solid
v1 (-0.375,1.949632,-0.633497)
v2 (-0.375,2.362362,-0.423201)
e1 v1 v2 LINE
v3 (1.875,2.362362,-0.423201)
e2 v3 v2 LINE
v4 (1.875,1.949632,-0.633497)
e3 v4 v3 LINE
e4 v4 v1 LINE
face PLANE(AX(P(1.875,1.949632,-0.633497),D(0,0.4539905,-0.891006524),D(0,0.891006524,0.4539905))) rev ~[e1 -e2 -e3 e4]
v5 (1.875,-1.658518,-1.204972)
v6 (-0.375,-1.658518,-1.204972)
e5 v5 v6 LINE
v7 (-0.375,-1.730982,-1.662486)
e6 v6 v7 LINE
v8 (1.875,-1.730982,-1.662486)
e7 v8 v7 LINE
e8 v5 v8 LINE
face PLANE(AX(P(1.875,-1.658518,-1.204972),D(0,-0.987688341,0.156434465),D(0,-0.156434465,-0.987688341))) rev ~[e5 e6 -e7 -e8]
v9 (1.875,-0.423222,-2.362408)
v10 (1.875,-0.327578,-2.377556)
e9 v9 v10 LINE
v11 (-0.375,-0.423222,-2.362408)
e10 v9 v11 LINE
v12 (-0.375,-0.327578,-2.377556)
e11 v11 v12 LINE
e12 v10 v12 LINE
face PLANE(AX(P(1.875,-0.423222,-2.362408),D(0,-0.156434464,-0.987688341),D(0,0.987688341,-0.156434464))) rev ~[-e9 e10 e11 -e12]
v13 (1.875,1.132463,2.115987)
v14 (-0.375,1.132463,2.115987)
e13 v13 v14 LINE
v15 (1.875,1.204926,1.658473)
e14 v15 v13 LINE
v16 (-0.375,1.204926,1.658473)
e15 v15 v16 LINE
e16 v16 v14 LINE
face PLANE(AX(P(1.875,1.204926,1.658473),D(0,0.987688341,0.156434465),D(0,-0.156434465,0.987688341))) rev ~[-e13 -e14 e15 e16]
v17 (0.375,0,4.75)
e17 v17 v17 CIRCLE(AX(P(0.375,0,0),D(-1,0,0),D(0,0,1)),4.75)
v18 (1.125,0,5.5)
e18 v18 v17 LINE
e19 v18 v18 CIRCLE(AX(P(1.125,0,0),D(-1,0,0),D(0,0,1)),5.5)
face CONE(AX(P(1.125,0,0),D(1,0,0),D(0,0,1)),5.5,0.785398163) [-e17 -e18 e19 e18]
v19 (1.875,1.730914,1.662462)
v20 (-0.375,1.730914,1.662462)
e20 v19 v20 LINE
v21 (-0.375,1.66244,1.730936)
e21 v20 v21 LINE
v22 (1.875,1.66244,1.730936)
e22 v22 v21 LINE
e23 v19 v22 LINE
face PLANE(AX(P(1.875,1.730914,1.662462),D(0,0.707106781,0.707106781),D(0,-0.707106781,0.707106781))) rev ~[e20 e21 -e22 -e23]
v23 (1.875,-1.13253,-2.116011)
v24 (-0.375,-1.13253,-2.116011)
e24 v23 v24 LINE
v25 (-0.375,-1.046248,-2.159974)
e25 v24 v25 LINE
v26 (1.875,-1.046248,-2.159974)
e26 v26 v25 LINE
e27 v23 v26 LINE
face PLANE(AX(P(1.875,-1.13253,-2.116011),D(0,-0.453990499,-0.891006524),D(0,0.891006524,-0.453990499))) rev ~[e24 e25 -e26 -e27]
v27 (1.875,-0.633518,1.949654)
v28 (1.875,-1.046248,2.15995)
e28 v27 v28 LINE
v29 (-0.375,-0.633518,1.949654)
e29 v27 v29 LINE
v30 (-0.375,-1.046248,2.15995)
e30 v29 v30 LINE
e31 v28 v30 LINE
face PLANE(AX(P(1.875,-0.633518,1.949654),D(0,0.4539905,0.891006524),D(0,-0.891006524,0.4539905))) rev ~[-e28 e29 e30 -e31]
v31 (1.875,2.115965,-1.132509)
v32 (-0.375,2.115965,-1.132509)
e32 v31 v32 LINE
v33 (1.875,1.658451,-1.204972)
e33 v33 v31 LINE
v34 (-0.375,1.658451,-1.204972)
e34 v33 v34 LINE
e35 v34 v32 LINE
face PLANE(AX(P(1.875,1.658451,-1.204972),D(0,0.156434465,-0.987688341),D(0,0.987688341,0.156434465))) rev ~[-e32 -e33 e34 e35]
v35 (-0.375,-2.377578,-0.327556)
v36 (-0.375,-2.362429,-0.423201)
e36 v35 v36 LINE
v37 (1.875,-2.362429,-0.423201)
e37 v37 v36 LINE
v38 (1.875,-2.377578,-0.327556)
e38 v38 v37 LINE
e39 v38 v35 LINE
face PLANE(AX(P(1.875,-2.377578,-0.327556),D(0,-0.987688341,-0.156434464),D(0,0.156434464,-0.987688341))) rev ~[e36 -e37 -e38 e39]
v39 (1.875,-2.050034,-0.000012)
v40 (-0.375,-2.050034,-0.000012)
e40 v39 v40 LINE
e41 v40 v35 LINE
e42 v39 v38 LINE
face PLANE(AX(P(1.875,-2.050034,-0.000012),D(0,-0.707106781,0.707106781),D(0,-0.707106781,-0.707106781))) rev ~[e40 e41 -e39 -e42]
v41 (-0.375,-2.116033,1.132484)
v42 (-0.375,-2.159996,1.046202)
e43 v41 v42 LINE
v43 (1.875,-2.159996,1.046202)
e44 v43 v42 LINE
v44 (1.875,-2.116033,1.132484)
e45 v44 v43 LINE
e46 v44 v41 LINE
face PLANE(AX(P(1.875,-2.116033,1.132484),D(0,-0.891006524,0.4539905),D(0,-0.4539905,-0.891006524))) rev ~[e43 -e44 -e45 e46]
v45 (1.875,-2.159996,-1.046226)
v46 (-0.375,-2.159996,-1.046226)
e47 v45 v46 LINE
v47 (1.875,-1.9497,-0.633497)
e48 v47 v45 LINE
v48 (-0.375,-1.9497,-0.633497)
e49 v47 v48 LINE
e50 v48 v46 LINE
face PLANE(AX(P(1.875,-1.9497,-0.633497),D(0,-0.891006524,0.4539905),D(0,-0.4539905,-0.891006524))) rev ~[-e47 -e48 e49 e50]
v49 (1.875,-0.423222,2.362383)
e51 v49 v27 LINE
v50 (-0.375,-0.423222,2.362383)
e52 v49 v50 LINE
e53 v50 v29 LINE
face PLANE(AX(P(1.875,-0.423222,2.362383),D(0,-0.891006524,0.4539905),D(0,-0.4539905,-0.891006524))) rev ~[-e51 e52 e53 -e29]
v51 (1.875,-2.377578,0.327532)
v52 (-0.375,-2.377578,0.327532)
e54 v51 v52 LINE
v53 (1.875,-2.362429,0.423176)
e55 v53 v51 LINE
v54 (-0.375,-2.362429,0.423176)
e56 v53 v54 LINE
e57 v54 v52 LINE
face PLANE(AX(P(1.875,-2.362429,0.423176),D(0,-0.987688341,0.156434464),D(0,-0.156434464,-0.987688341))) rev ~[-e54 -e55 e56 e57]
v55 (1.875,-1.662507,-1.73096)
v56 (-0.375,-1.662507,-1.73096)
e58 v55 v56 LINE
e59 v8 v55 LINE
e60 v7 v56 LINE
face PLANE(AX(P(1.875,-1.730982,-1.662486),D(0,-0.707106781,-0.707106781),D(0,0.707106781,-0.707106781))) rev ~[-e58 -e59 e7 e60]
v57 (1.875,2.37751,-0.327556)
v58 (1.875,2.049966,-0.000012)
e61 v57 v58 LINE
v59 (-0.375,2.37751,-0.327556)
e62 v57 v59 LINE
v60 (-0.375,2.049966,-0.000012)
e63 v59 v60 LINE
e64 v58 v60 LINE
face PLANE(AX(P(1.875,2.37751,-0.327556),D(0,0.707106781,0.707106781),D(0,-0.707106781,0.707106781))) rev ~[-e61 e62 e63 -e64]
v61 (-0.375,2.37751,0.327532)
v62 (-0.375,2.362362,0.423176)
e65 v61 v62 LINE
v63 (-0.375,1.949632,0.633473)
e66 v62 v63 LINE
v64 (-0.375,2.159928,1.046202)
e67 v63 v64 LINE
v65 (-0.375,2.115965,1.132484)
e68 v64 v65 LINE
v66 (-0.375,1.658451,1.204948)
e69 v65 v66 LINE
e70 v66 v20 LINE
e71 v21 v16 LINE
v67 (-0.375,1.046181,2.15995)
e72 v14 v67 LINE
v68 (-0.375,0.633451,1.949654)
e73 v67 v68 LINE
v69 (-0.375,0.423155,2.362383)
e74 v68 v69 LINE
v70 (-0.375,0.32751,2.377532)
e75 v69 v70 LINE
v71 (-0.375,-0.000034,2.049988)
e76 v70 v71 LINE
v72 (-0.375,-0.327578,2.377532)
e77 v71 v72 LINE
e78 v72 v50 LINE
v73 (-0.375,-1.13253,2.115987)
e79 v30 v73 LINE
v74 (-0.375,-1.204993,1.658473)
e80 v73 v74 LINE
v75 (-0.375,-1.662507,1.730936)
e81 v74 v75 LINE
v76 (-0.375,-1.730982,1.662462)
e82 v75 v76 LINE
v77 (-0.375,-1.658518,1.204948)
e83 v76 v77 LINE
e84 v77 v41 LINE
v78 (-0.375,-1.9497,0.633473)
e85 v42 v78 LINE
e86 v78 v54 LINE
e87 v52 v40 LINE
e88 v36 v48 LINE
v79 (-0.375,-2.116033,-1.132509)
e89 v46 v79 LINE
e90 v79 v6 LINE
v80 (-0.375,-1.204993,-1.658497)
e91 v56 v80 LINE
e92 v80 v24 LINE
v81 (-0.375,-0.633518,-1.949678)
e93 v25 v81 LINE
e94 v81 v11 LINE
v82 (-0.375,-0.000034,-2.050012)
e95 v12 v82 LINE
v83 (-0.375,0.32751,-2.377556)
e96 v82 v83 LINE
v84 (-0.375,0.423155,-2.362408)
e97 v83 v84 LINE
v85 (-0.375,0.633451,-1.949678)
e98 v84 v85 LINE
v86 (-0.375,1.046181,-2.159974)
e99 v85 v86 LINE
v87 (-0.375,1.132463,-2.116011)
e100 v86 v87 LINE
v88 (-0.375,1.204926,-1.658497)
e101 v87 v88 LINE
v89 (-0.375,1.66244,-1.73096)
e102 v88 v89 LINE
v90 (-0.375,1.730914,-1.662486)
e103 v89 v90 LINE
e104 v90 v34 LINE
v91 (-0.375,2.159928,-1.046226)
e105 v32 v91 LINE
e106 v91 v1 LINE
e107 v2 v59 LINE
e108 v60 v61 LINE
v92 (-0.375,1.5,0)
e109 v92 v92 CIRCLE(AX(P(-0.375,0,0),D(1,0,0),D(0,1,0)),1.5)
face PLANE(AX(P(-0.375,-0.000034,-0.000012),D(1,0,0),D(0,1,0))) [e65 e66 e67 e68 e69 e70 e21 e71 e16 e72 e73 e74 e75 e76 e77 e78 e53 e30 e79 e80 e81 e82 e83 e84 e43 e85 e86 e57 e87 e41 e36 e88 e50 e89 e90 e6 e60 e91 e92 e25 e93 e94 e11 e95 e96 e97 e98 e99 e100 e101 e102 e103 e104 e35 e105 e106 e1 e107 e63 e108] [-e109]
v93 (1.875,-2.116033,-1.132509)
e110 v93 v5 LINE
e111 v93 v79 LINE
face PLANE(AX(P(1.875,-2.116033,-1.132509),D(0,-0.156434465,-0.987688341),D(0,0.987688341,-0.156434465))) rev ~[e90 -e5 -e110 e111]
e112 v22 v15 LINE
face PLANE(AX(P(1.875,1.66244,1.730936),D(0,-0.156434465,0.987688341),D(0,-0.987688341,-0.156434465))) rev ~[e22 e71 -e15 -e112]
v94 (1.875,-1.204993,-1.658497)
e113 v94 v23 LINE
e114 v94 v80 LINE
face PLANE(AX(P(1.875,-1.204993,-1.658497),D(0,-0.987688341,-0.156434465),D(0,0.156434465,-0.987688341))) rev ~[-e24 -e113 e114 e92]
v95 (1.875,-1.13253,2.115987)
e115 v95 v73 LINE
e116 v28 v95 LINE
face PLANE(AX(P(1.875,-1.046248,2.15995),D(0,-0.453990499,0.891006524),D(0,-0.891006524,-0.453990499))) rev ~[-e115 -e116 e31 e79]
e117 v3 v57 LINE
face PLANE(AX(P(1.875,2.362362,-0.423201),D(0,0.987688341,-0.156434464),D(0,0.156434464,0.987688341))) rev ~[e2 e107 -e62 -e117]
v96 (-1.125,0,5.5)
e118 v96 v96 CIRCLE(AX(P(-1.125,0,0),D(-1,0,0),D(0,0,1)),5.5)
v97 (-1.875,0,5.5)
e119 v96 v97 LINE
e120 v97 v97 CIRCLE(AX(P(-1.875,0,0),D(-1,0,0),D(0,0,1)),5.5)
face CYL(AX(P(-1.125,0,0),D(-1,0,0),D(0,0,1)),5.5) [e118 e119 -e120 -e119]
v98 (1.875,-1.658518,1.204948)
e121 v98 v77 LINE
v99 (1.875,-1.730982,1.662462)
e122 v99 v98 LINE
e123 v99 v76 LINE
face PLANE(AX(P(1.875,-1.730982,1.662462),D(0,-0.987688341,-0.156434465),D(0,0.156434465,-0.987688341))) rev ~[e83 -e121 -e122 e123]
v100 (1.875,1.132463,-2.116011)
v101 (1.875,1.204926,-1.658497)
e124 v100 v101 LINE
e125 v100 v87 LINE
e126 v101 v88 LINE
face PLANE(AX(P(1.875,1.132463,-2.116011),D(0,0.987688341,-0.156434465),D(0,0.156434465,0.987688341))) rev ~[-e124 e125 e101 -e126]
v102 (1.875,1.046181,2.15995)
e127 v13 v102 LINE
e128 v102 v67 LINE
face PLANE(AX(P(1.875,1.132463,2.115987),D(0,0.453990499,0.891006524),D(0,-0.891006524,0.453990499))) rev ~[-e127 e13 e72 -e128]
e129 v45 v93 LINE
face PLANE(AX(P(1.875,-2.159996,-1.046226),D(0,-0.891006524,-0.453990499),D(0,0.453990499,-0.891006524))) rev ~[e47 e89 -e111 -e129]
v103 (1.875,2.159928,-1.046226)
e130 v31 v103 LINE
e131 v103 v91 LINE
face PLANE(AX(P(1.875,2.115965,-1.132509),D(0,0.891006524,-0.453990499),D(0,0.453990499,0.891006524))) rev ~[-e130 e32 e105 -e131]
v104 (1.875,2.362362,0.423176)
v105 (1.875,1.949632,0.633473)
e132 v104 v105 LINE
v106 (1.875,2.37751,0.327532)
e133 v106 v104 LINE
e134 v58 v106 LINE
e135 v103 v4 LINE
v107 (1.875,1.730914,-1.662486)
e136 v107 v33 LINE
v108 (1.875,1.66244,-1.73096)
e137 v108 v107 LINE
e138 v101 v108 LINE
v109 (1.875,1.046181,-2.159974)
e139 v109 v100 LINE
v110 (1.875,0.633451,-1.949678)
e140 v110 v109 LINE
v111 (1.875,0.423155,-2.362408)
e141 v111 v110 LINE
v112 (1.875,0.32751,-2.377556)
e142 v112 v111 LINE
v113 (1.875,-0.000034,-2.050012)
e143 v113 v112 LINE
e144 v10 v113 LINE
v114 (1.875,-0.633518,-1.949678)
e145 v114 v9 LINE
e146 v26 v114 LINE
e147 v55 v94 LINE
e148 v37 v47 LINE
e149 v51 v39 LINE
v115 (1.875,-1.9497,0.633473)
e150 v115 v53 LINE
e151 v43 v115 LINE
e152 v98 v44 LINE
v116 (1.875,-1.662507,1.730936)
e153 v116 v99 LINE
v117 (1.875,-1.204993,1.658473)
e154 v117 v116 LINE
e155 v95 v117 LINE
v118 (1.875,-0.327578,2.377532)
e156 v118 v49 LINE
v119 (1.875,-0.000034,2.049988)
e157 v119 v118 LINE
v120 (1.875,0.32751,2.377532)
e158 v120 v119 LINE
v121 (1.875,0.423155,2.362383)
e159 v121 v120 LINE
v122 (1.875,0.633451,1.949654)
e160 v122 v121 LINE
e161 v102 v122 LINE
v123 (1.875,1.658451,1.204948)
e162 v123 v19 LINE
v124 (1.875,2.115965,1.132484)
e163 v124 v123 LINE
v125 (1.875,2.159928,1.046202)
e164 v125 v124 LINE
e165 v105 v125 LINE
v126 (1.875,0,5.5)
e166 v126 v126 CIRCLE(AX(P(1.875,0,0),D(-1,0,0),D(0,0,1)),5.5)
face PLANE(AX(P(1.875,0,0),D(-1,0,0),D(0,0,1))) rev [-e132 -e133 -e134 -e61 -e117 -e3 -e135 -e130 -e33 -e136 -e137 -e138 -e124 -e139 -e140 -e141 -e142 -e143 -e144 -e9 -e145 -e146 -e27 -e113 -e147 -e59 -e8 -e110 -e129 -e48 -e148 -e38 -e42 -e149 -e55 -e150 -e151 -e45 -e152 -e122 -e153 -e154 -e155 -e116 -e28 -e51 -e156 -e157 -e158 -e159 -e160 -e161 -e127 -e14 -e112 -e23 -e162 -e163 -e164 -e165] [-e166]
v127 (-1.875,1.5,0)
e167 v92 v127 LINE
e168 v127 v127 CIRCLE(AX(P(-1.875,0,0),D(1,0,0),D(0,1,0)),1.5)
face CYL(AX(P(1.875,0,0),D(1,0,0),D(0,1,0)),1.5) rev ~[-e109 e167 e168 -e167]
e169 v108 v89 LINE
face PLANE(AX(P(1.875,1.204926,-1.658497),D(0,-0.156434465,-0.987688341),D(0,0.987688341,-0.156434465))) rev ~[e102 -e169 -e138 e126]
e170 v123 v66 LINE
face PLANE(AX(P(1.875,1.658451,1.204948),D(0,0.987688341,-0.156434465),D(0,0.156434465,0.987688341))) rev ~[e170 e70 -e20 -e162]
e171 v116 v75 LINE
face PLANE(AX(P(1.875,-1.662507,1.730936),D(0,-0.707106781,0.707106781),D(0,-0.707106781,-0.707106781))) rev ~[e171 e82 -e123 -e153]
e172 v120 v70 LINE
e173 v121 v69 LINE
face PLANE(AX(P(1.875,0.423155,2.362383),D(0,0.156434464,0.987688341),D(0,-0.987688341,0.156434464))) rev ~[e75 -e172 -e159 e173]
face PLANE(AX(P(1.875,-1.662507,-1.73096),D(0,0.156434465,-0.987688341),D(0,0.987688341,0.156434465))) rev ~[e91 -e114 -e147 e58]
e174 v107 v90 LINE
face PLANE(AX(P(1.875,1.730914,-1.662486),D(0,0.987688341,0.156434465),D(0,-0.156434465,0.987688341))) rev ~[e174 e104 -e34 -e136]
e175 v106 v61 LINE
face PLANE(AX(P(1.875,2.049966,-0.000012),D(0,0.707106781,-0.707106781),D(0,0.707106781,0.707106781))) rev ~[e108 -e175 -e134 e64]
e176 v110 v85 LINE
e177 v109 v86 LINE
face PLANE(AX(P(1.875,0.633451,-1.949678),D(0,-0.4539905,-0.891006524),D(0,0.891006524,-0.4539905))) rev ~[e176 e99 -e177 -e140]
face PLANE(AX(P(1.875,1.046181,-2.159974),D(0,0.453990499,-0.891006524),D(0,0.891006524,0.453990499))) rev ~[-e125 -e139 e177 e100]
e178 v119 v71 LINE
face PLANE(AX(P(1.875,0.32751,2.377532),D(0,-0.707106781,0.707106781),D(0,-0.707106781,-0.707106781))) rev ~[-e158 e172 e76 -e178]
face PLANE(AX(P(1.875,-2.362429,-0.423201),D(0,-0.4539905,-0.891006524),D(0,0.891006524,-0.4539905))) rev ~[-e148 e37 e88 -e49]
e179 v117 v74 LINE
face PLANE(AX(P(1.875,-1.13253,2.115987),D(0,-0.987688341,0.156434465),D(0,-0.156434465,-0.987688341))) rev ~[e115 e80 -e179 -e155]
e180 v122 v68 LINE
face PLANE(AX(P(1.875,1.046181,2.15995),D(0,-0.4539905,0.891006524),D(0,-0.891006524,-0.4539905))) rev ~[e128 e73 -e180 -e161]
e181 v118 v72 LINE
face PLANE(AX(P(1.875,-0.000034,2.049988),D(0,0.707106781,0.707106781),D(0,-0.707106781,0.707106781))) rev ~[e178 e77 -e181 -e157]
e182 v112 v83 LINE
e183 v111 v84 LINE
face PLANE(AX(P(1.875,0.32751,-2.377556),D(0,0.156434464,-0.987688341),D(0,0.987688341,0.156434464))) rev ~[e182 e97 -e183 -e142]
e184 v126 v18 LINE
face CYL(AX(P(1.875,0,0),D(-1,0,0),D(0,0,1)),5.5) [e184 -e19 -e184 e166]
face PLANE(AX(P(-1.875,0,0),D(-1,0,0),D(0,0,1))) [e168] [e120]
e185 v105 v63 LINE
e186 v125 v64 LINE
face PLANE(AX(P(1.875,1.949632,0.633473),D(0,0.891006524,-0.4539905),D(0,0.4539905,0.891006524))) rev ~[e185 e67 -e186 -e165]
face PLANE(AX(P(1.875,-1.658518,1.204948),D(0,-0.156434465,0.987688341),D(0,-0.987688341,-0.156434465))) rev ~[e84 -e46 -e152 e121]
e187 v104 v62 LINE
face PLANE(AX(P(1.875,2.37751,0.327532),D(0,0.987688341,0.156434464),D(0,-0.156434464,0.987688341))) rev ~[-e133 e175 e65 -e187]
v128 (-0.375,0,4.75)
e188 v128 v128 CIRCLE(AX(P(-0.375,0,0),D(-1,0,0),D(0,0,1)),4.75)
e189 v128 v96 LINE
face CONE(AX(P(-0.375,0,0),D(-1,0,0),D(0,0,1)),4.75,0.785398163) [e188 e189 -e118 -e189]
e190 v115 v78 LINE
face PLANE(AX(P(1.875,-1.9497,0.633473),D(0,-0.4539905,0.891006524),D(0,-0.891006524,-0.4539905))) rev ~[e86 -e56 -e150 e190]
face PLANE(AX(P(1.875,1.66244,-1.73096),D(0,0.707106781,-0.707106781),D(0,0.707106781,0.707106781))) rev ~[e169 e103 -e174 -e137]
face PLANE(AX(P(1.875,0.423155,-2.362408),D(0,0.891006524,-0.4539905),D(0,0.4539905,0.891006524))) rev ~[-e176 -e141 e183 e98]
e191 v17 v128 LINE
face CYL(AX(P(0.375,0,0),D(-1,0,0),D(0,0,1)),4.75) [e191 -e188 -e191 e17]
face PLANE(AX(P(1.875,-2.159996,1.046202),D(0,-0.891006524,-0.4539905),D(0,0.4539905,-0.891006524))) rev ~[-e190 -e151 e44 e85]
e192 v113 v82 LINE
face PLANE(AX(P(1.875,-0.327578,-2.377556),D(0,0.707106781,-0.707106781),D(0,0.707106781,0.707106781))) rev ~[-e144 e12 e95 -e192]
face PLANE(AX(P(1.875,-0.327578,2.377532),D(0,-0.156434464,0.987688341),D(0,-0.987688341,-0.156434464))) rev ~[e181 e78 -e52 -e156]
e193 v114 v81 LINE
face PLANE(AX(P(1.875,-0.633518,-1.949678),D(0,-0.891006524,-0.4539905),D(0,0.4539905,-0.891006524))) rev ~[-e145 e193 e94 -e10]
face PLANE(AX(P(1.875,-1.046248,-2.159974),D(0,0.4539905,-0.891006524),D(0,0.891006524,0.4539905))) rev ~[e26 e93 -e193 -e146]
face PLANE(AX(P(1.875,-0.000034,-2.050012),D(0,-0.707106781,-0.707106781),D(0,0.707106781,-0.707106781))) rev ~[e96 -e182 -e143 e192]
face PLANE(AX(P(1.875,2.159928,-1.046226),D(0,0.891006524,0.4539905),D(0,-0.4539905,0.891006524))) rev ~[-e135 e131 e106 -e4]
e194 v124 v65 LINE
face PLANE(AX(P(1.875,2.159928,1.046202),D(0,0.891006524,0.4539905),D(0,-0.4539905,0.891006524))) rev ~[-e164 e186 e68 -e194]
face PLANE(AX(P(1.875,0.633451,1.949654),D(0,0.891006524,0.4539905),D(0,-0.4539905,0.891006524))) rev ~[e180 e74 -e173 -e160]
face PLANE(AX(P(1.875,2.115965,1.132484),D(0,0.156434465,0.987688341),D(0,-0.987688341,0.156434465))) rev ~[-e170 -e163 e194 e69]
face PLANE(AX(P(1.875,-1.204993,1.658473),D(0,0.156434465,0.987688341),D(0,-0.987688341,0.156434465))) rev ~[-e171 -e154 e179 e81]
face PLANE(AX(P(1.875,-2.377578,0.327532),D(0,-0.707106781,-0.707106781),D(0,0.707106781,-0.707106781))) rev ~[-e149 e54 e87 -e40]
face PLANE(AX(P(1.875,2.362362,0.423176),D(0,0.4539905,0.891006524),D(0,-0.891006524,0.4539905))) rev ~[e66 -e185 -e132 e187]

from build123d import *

# Parameters (mm, degrees)
F2_R     = 1.5
F3_DEPTH = 2.25
F4_DEPTH = 3.751


with BuildPart() as f1:
    # F0 (on Front) → F1 (revolve)
    with BuildSketch(Plane.XZ):
        Polygon((-1.875, 5.5), (-1.875, 0), (1.875, 0), (1.875, 5.5), (1.125, 5.5), (0.375, 4.75), (-0.375, 4.75), (-1.125, 5.5), align=None)
    revolve(axis=Axis((0, 0, 0), (-1, 0, 0)))

    # F2 (on face) → F3 (cut)
    with BuildSketch(Plane.YZ.offset(1.875)):
        Polygon((-0.6335184836, 1.9496536007), (-1.0462478749, 2.1599497294), (-1.1325303049, 2.1159866355), (-1.2049934123, 1.6584725808), (-1.662507467, 1.7309356883), (-1.7309815911, 1.6624615642), (-1.6585184836, 1.2049475095), (-2.1160325383, 1.132484402), (-2.1599956322, 1.0462019721), (-1.9496995035, 0.6334725808), (-2.3624288949, 0.4231764522), (-2.3775775446, 0.3275316418), (-2.0500336451, -1.22577e-05), (-2.3775775446, -0.3275561571), (-2.3624288949, -0.4232009675), (-1.9496995035, -0.6334970961), (-2.1599956322, -1.0462264874), (-2.1160325383, -1.1325089174), (-1.6585184836, -1.2049720249), (-1.7309815911, -1.6624860795), (-1.662507467, -1.7309602036), (-1.2049934123, -1.6584970961), (-1.1325303049, -2.1160111508), (-1.0462478749, -2.1599742447), (-0.6335184836, -1.9496781161), (-0.423222355, -2.3624075074), (-0.3275775446, -2.3775561571), (-3.36451e-05, -2.0500122577), (0.3275102543, -2.3775561571), (0.4231550647, -2.3624075074), (0.6334511933, -1.9496781161), (1.0461805846, -2.1599742447), (1.1324630146, -2.1160111508), (1.2049261221, -1.6584970961), (1.6624401767, -1.7309602036), (1.7309143008, -1.6624860795), (1.6584511933, -1.2049720249), (2.115965248, -1.1325089174), (2.1599283419, -1.0462264874), (1.9496322133, -0.6334970961), (2.3623616046, -0.4232009675), (2.3775102543, -0.3275561571), (2.0499663549, -1.22577e-05), (2.3775102543, 0.3275316418), (2.3623616046, 0.4231764522), (1.9496322133, 0.6334725808), (2.1599283419, 1.0462019721), (2.115965248, 1.132484402), (1.6584511933, 1.2049475095), (1.7309143008, 1.6624615642), (1.6624401767, 1.7309356883), (1.2049261221, 1.6584725808), (1.1324630146, 2.1159866355), (1.0461805846, 2.1599497294), (0.6334511933, 1.9496536007), (0.4231550647, 2.3623829921), (0.3275102543, 2.3775316418), (-3.36451e-05, 2.0499877423), (-0.3275775446, 2.3775316418), (-0.423222355, 2.3623829921), align=None)
        Circle(F2_R, mode=Mode.SUBTRACT)
    extrude(amount=-F3_DEPTH, mode=Mode.SUBTRACT)

    # F2 (on face) → F4 (cut, through all)
    with BuildSketch(Plane.YZ.offset(1.875)):
        Circle(F2_R)
    extrude(amount=-F4_DEPTH, mode=Mode.SUBTRACT)


solid = f1.part
